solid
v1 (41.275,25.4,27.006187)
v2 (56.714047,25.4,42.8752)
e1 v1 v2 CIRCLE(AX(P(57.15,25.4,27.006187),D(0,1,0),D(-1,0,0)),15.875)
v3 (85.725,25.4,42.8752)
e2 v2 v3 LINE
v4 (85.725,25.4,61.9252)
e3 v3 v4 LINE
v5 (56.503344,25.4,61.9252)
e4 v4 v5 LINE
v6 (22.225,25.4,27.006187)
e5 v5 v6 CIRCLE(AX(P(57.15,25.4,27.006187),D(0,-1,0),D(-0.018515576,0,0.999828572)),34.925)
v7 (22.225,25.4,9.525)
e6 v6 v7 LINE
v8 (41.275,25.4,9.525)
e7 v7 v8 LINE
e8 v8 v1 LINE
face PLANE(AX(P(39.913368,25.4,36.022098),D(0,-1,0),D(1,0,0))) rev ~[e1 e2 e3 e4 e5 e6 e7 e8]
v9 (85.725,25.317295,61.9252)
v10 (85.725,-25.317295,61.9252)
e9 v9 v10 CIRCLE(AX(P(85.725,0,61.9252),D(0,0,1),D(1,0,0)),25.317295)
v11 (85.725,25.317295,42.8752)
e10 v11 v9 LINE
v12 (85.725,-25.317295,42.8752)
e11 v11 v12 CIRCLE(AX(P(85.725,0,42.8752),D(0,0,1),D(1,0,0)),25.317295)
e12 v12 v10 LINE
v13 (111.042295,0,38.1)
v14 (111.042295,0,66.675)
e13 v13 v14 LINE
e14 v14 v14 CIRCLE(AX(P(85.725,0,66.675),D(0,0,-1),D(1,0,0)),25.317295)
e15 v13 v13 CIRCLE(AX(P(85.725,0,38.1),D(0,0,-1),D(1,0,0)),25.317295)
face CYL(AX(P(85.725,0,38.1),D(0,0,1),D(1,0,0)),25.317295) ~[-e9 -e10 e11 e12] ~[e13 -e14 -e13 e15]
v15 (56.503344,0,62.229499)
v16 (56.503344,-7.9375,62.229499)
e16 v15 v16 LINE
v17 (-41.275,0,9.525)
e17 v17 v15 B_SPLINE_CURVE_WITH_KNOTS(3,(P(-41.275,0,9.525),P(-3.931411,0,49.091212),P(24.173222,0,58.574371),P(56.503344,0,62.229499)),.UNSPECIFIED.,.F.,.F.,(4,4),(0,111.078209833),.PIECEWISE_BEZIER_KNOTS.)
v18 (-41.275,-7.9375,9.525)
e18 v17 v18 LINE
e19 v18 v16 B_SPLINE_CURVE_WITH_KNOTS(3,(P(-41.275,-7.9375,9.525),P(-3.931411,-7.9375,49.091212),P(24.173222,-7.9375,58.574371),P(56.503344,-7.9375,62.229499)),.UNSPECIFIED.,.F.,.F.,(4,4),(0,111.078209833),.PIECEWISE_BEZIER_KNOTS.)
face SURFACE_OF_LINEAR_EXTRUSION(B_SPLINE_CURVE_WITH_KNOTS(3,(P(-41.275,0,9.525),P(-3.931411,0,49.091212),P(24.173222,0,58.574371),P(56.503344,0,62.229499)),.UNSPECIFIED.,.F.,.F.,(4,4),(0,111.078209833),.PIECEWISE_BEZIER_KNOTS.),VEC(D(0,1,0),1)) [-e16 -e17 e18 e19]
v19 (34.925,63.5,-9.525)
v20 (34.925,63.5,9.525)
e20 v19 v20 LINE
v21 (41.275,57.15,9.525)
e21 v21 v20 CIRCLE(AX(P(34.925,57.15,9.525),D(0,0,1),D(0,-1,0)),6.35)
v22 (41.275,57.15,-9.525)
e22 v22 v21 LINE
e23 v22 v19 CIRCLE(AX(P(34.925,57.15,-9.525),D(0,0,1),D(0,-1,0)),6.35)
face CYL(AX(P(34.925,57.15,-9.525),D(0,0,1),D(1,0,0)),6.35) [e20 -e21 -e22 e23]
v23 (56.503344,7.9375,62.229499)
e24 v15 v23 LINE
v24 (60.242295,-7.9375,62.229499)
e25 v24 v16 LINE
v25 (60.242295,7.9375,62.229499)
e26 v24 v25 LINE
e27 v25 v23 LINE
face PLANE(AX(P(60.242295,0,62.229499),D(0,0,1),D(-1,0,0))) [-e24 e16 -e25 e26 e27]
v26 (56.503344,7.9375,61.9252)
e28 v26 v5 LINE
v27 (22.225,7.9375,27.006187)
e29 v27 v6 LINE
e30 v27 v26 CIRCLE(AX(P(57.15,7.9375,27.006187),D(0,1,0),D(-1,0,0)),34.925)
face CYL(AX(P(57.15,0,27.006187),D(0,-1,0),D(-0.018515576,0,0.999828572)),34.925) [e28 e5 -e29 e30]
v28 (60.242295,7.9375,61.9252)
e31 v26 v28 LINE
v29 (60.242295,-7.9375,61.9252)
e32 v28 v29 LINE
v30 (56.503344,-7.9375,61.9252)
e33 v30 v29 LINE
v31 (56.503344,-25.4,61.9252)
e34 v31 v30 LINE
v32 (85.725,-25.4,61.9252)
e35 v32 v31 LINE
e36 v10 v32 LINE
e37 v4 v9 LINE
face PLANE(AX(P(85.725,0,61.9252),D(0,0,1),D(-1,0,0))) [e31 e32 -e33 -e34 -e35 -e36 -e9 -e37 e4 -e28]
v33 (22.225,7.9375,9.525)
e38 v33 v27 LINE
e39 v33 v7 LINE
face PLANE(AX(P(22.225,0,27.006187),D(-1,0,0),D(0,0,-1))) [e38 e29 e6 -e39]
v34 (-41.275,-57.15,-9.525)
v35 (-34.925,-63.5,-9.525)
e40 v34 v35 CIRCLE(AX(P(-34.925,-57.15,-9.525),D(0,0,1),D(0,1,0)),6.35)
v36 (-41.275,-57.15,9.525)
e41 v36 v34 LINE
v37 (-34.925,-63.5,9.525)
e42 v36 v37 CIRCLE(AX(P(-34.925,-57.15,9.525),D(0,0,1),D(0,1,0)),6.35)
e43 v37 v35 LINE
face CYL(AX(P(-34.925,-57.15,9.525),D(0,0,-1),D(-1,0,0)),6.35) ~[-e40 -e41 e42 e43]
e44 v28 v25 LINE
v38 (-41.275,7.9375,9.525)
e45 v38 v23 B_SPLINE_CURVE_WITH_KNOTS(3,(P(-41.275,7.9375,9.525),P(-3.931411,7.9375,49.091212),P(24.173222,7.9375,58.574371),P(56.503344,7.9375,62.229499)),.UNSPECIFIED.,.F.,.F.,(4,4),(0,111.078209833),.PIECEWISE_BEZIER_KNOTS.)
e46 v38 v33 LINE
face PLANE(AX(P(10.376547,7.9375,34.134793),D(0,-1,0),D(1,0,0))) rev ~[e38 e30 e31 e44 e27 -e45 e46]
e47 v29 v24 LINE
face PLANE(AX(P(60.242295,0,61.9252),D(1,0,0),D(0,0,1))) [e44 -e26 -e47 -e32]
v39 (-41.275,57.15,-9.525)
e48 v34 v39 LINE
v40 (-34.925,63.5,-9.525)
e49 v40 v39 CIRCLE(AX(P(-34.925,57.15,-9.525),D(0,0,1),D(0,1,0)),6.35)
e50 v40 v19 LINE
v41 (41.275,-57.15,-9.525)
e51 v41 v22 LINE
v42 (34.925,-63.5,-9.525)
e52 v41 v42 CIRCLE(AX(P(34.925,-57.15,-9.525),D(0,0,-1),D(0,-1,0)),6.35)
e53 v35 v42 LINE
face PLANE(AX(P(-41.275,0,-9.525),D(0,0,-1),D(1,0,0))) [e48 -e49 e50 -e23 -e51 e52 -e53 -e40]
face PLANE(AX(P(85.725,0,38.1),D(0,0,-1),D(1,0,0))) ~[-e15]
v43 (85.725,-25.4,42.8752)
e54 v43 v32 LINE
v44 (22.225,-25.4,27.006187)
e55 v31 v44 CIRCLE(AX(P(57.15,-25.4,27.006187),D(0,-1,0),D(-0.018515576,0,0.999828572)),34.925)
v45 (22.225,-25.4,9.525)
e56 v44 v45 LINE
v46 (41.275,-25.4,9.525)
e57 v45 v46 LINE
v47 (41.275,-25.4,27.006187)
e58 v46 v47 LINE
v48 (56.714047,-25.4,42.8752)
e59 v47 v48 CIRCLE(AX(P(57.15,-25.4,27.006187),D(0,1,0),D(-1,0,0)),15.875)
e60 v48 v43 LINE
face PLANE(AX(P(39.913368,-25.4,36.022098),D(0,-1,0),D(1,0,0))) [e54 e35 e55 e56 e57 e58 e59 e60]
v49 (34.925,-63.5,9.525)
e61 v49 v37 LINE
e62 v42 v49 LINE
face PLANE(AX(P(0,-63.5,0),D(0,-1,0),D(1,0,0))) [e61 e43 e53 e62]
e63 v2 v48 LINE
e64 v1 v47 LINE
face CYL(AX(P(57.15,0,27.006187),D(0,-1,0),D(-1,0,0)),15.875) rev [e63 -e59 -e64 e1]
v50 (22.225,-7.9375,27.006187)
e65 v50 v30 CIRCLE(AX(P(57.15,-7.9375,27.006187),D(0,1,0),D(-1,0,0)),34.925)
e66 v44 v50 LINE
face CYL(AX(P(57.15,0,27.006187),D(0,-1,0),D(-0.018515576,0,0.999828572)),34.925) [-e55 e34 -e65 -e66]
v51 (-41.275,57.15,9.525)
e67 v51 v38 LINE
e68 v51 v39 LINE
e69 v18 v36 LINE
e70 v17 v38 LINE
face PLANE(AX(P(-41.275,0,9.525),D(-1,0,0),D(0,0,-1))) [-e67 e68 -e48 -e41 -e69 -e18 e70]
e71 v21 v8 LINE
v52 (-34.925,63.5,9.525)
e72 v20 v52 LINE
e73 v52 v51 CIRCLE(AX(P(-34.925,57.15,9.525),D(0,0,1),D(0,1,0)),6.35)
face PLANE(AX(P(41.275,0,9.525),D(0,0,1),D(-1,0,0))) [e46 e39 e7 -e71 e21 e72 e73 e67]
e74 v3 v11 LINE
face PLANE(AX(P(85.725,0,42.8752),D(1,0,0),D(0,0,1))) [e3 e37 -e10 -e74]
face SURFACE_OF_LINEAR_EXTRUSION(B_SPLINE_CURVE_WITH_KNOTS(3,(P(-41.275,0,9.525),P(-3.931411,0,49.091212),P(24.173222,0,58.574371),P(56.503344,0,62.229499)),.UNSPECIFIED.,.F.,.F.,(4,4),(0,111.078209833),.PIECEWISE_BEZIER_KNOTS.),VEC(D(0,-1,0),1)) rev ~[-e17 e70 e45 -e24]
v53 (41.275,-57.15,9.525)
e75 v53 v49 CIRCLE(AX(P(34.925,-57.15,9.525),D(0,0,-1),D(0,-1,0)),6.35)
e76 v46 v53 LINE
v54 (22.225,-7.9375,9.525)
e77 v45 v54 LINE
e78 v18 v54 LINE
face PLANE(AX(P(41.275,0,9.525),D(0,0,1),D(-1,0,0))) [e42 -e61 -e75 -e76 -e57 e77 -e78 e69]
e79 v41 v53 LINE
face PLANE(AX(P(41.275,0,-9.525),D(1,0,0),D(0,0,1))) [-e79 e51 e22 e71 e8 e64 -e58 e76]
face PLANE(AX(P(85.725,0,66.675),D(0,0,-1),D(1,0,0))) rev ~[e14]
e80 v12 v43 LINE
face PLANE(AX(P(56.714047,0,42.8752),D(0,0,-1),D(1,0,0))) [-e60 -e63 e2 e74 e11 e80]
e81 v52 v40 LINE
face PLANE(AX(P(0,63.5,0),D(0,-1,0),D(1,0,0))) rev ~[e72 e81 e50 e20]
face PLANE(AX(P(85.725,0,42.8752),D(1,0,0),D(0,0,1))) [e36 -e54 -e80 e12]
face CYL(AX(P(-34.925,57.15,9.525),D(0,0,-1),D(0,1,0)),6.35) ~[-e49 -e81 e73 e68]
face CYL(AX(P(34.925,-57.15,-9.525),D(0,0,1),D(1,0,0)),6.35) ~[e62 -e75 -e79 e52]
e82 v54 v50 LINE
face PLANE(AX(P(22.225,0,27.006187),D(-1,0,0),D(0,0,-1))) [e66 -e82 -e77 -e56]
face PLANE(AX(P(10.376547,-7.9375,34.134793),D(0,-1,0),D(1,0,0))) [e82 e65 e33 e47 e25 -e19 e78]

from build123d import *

# Parameters (mm, degrees)
F1_DEPTH = 63.5
F0_W     = 25.4827047348
F0_H     = 19.05
F2_DEPTH = 25.4
F3_DEPTH = 7.9375
F5_R     = 6.35
F6_R     = 6.35


with BuildPart() as f1:
    # F0 (on Front) → F1 (new body, symmetric)
    with BuildSketch(Plane.XZ):
        Polygon((41.275, -9.525), (41.275, 9.525), (22.225, 9.525), (-41.275, 9.525), (-41.275, -9.525), align=None)
    extrude(amount=F1_DEPTH, both=True)

    # F0 (on Front) → F2 (join, symmetric)
    with BuildSketch(Plane.XZ):
        with BuildLine():
            Line((22.225, 9.525), (41.275, 9.525))
            Line((41.275, 9.525), (41.275, 27.0061871217))
            ThreePointArc((41.275, 27.0061871217), (45.7715909854, 38.0763015427), (56.7140467144, 42.8752))
            Line((56.7140467144, 42.8752), (60.2422952652, 42.8752))
            Line((60.2422952652, 42.8752), (60.2422952652, 61.9252))
            Line((60.2422952652, 61.9252), (56.5033435204, 61.9252))
            ThreePointArc((56.5033435204, 61.9252), (32.2267166835, 51.4721956585), (22.225, 27.0061871217))
            Line((22.225, 27.0061871217), (22.225, 9.525))
        make_face()
        with Locations((72.9836476326, 52.4002)):
            Rectangle(F0_W, F0_H)
    extrude(amount=F2_DEPTH, both=True)

    # F0 (on Front) → F3 (join, symmetric)
    with BuildSketch(Plane.XZ):
        with BuildLine():
            Line((-41.275, 9.525), (22.225, 9.525))
            Line((22.225, 9.525), (22.225, 27.0061871217))
            ThreePointArc((22.225, 27.0061871217), (32.2267166835, 51.4721956585), (56.5033435204, 61.9252))
            Line((56.5033435204, 61.9252), (60.2422952652, 61.9252))
            Line((60.2422952652, 61.9252), (60.2422952652, 62.2294992208))
            Line((60.2422952652, 62.2294992208), (56.5033435204, 62.2294992208))
            add(Edge.make_bspline(
                [(-41.275, 9.525), (-3.9314110763, 49.0912124515), (24.1732224822, 58.5743710399), (56.5033435204, 62.2294992208)],
                knots=[0, 0, 0, 0, 111.0782098331, 111.0782098331, 111.0782098331, 111.0782098331], degree=3))
        make_face()
    extrude(amount=F3_DEPTH, both=True)

    # F0 (on Front) → F4 (revolve)
    with BuildSketch(Plane.XZ):
        Polygon((85.725, 61.9252), (85.725, 42.8752), (85.725, 38.1), (111.0422952652, 38.1), (111.0422952652, 66.675), (85.725, 66.675), (85.725, 62.2294992208), align=None)
    revolve(axis=Axis((85.725, 0, 52.5523496104), (0, 0, -1)))

    # F5
    f5_edges = [f1.edges().sort_by_distance(p)[0] for p in [
        (41.275, -63.5, 0),
        (41.275, 63.5, 0),
    ]]
    fillet(f5_edges, radius=F5_R)

    # F6
    f6_edges = [f1.edges().sort_by_distance(p)[0] for p in [
        (-41.275, -63.5, 0),
        (-41.275, 63.5, 0),
    ]]
    fillet(f6_edges, radius=F6_R)


solid = f1.part
